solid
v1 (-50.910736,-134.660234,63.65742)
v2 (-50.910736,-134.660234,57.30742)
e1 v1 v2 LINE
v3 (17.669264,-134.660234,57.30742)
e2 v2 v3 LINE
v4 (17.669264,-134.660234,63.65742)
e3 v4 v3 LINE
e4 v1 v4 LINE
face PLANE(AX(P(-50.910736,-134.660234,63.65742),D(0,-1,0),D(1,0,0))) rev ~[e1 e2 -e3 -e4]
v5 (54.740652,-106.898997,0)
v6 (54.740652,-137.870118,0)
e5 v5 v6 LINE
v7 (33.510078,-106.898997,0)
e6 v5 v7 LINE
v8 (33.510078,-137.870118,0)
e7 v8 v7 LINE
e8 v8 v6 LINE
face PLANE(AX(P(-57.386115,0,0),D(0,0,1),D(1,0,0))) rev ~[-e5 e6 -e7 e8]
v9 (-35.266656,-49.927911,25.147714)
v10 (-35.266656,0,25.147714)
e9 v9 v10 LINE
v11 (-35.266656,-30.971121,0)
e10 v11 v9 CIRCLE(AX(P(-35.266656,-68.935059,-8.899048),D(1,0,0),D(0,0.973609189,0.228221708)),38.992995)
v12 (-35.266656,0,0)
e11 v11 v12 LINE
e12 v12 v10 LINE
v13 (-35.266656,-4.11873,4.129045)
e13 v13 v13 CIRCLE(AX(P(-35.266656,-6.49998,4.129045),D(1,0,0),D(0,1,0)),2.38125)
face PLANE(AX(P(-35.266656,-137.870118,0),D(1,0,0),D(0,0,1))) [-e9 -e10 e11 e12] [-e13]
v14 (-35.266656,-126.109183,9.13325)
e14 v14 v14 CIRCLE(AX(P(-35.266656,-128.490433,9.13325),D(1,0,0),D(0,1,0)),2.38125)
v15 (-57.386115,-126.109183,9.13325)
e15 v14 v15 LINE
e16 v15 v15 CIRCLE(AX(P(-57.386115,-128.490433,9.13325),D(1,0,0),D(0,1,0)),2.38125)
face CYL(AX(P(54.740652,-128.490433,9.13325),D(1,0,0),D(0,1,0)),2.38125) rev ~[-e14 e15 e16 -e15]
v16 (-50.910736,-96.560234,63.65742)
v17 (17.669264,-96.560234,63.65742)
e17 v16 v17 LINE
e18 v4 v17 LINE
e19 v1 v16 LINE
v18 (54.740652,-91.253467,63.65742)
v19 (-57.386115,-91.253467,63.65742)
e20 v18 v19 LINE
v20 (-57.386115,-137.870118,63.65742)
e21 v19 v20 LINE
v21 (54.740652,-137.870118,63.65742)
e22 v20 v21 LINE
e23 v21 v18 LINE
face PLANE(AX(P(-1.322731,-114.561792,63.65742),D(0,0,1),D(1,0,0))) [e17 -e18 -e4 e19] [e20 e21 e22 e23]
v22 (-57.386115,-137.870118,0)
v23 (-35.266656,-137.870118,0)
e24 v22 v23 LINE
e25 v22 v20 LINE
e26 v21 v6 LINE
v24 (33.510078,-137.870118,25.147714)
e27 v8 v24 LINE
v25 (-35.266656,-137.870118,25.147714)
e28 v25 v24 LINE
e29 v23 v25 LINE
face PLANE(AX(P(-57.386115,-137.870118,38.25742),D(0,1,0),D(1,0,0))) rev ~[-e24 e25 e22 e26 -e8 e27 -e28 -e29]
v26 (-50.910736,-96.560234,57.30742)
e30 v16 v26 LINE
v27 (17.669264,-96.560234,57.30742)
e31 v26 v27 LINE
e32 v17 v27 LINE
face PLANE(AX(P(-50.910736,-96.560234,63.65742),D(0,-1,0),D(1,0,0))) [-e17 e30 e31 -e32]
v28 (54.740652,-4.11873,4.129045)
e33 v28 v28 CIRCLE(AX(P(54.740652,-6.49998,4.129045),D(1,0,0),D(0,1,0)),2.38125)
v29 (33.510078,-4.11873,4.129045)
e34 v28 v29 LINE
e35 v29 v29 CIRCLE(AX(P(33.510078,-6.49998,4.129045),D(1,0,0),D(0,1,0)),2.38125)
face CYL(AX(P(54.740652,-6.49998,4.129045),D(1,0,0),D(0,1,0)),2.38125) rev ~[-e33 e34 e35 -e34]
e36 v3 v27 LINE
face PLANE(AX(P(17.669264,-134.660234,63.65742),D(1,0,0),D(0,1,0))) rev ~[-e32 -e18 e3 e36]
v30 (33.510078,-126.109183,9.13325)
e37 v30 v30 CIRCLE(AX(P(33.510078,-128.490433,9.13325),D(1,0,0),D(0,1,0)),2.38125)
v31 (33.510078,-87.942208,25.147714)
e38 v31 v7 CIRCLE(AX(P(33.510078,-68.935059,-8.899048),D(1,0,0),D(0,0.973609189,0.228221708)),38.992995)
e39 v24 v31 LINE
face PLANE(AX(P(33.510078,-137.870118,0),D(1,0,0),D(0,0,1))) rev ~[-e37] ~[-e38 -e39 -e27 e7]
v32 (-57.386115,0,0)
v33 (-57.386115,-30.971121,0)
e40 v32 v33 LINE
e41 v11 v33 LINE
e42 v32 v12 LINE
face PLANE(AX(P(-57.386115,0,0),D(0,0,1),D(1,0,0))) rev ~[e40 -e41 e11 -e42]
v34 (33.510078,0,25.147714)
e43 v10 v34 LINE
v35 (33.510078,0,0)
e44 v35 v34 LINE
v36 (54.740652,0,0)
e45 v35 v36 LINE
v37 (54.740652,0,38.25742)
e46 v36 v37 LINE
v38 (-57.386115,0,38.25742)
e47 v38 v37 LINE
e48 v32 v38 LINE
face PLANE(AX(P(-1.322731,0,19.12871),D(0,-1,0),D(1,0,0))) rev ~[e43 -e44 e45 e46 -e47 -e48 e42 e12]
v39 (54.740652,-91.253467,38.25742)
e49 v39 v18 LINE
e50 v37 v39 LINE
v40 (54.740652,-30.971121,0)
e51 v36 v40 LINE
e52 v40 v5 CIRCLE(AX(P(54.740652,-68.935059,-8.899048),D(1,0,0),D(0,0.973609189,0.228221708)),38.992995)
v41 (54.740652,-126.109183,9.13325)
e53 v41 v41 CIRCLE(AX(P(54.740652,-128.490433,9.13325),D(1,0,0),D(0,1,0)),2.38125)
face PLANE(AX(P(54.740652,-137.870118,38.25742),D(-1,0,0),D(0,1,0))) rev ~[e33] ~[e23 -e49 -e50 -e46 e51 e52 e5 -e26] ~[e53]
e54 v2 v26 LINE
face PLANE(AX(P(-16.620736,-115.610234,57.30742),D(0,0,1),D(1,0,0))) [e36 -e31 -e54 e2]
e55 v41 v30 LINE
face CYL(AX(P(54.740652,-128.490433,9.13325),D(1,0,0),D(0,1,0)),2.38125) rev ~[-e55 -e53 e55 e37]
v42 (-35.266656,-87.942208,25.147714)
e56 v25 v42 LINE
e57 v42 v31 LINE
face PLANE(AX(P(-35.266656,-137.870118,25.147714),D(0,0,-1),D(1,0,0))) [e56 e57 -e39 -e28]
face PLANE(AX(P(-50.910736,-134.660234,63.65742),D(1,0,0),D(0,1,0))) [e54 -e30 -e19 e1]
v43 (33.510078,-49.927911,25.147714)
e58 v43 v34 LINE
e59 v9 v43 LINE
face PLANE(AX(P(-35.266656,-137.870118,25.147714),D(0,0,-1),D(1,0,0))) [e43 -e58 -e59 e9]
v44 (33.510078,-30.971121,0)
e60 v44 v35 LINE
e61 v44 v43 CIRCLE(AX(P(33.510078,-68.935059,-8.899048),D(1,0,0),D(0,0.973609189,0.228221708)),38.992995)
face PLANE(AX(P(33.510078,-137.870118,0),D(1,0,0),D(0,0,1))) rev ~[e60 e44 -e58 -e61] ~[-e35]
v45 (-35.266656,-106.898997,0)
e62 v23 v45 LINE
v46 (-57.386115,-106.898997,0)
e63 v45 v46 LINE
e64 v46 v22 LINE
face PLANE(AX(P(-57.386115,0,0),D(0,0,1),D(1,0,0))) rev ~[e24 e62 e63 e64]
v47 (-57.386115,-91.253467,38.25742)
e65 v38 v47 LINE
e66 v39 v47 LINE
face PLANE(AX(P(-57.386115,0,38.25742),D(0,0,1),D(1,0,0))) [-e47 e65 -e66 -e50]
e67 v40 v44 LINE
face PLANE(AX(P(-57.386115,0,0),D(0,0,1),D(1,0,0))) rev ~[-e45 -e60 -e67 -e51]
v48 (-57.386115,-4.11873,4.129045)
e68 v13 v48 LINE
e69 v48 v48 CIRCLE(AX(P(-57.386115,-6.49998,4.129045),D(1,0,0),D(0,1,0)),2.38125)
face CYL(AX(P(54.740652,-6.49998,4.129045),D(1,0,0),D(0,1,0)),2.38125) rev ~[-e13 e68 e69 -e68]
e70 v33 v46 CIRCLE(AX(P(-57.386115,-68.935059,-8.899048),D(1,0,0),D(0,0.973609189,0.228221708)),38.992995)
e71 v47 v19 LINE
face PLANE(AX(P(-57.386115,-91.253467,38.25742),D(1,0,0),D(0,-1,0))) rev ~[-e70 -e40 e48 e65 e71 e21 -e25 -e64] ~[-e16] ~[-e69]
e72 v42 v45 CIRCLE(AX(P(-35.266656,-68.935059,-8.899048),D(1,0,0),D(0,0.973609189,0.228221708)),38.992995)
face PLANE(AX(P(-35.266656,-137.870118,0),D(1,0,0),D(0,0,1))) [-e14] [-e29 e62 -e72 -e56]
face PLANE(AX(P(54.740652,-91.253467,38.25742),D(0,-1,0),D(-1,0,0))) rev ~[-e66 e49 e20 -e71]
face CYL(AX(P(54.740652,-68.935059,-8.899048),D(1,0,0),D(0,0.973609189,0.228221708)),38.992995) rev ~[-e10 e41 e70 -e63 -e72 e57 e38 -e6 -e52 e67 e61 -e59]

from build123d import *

# Parameters (mm, degrees)
F0_W      = 112.1267676353
F0_H      = 38.257420063
F1_DEPTH  = 137.870118022
F2_W      = 68.7767341733
F2_H      = 25.1477137208
F3_DEPTH  = 137.871118022
F4_R      = 2.38125
F5_DEPTH  = 112.1277676353
F6_R      = 2.38125
F7_DEPTH  = 112.1277676353
F9_DEPTH  = 112.1277676353
F11_DEPTH = 25.4
F12_W     = 68.58
F12_H     = 38.1
F13_DEPTH = 6.35


with BuildPart() as f1:
    # F0 (on Front) → F1 (new body)
    with BuildSketch(Plane.XZ):
        with Locations((-1.3227313757, 19.1287100315)):
            Rectangle(F0_W, F0_H)
    extrude(amount=F1_DEPTH)

    # F2 (on face) → F3 (cut, through all)
    with BuildSketch(Plane.XZ.offset(137.870118022)):
        with Locations((-0.8782893419, 12.5738568604)):
            Rectangle(F2_W, F2_H)
    extrude(amount=-F3_DEPTH, mode=Mode.SUBTRACT)

    # F4 (on face) → F5 (cut, through all)
    with BuildSketch(Plane.YZ.offset(54.740652442)):
        with Locations((-128.4904330969, 9.1332495213)):
            Circle(F4_R)
    extrude(amount=-F5_DEPTH, mode=Mode.SUBTRACT)

    # F6 (on face) → F7 (cut, through all)
    with BuildSketch(Plane.YZ.offset(54.740652442)):
        with Locations((-6.499979645, 4.1290447116)):
            Circle(F6_R)
    extrude(amount=-F7_DEPTH, mode=Mode.SUBTRACT)

    # F8 (on face) → F9 (cut, through all)
    with BuildSketch(Plane.YZ.offset(54.740652442)):
        with BuildLine():
            Line((-106.8989974441, 0), (-30.9711205779, 0))
            ThreePointArc((-30.9711205779, 0), (-68.935059011, 30.0939472481), (-106.8989974441, 0))
        make_face()
    extrude(amount=-F9_DEPTH, mode=Mode.SUBTRACT)

    # F10 (on face) → F11 (join)
    with BuildSketch(Plane.XY.offset(38.257420063)):
        Polygon((54.740652442, -91.2534669042), (0, -91.2534669042), (-57.3861151934, -91.2534669042), (-57.3861151934, -137.870118022), (54.740652442, -137.870118022), align=None)
    extrude(amount=F11_DEPTH)

    # F12 (on face) → F13 (cut)
    with BuildSketch(Plane.XY.offset(63.657420063)):
        with Locations((-16.6207363016, -115.6102344394)):
            Rectangle(F12_W, F12_H)
    extrude(amount=-F13_DEPTH, mode=Mode.SUBTRACT)


solid = f1.part
